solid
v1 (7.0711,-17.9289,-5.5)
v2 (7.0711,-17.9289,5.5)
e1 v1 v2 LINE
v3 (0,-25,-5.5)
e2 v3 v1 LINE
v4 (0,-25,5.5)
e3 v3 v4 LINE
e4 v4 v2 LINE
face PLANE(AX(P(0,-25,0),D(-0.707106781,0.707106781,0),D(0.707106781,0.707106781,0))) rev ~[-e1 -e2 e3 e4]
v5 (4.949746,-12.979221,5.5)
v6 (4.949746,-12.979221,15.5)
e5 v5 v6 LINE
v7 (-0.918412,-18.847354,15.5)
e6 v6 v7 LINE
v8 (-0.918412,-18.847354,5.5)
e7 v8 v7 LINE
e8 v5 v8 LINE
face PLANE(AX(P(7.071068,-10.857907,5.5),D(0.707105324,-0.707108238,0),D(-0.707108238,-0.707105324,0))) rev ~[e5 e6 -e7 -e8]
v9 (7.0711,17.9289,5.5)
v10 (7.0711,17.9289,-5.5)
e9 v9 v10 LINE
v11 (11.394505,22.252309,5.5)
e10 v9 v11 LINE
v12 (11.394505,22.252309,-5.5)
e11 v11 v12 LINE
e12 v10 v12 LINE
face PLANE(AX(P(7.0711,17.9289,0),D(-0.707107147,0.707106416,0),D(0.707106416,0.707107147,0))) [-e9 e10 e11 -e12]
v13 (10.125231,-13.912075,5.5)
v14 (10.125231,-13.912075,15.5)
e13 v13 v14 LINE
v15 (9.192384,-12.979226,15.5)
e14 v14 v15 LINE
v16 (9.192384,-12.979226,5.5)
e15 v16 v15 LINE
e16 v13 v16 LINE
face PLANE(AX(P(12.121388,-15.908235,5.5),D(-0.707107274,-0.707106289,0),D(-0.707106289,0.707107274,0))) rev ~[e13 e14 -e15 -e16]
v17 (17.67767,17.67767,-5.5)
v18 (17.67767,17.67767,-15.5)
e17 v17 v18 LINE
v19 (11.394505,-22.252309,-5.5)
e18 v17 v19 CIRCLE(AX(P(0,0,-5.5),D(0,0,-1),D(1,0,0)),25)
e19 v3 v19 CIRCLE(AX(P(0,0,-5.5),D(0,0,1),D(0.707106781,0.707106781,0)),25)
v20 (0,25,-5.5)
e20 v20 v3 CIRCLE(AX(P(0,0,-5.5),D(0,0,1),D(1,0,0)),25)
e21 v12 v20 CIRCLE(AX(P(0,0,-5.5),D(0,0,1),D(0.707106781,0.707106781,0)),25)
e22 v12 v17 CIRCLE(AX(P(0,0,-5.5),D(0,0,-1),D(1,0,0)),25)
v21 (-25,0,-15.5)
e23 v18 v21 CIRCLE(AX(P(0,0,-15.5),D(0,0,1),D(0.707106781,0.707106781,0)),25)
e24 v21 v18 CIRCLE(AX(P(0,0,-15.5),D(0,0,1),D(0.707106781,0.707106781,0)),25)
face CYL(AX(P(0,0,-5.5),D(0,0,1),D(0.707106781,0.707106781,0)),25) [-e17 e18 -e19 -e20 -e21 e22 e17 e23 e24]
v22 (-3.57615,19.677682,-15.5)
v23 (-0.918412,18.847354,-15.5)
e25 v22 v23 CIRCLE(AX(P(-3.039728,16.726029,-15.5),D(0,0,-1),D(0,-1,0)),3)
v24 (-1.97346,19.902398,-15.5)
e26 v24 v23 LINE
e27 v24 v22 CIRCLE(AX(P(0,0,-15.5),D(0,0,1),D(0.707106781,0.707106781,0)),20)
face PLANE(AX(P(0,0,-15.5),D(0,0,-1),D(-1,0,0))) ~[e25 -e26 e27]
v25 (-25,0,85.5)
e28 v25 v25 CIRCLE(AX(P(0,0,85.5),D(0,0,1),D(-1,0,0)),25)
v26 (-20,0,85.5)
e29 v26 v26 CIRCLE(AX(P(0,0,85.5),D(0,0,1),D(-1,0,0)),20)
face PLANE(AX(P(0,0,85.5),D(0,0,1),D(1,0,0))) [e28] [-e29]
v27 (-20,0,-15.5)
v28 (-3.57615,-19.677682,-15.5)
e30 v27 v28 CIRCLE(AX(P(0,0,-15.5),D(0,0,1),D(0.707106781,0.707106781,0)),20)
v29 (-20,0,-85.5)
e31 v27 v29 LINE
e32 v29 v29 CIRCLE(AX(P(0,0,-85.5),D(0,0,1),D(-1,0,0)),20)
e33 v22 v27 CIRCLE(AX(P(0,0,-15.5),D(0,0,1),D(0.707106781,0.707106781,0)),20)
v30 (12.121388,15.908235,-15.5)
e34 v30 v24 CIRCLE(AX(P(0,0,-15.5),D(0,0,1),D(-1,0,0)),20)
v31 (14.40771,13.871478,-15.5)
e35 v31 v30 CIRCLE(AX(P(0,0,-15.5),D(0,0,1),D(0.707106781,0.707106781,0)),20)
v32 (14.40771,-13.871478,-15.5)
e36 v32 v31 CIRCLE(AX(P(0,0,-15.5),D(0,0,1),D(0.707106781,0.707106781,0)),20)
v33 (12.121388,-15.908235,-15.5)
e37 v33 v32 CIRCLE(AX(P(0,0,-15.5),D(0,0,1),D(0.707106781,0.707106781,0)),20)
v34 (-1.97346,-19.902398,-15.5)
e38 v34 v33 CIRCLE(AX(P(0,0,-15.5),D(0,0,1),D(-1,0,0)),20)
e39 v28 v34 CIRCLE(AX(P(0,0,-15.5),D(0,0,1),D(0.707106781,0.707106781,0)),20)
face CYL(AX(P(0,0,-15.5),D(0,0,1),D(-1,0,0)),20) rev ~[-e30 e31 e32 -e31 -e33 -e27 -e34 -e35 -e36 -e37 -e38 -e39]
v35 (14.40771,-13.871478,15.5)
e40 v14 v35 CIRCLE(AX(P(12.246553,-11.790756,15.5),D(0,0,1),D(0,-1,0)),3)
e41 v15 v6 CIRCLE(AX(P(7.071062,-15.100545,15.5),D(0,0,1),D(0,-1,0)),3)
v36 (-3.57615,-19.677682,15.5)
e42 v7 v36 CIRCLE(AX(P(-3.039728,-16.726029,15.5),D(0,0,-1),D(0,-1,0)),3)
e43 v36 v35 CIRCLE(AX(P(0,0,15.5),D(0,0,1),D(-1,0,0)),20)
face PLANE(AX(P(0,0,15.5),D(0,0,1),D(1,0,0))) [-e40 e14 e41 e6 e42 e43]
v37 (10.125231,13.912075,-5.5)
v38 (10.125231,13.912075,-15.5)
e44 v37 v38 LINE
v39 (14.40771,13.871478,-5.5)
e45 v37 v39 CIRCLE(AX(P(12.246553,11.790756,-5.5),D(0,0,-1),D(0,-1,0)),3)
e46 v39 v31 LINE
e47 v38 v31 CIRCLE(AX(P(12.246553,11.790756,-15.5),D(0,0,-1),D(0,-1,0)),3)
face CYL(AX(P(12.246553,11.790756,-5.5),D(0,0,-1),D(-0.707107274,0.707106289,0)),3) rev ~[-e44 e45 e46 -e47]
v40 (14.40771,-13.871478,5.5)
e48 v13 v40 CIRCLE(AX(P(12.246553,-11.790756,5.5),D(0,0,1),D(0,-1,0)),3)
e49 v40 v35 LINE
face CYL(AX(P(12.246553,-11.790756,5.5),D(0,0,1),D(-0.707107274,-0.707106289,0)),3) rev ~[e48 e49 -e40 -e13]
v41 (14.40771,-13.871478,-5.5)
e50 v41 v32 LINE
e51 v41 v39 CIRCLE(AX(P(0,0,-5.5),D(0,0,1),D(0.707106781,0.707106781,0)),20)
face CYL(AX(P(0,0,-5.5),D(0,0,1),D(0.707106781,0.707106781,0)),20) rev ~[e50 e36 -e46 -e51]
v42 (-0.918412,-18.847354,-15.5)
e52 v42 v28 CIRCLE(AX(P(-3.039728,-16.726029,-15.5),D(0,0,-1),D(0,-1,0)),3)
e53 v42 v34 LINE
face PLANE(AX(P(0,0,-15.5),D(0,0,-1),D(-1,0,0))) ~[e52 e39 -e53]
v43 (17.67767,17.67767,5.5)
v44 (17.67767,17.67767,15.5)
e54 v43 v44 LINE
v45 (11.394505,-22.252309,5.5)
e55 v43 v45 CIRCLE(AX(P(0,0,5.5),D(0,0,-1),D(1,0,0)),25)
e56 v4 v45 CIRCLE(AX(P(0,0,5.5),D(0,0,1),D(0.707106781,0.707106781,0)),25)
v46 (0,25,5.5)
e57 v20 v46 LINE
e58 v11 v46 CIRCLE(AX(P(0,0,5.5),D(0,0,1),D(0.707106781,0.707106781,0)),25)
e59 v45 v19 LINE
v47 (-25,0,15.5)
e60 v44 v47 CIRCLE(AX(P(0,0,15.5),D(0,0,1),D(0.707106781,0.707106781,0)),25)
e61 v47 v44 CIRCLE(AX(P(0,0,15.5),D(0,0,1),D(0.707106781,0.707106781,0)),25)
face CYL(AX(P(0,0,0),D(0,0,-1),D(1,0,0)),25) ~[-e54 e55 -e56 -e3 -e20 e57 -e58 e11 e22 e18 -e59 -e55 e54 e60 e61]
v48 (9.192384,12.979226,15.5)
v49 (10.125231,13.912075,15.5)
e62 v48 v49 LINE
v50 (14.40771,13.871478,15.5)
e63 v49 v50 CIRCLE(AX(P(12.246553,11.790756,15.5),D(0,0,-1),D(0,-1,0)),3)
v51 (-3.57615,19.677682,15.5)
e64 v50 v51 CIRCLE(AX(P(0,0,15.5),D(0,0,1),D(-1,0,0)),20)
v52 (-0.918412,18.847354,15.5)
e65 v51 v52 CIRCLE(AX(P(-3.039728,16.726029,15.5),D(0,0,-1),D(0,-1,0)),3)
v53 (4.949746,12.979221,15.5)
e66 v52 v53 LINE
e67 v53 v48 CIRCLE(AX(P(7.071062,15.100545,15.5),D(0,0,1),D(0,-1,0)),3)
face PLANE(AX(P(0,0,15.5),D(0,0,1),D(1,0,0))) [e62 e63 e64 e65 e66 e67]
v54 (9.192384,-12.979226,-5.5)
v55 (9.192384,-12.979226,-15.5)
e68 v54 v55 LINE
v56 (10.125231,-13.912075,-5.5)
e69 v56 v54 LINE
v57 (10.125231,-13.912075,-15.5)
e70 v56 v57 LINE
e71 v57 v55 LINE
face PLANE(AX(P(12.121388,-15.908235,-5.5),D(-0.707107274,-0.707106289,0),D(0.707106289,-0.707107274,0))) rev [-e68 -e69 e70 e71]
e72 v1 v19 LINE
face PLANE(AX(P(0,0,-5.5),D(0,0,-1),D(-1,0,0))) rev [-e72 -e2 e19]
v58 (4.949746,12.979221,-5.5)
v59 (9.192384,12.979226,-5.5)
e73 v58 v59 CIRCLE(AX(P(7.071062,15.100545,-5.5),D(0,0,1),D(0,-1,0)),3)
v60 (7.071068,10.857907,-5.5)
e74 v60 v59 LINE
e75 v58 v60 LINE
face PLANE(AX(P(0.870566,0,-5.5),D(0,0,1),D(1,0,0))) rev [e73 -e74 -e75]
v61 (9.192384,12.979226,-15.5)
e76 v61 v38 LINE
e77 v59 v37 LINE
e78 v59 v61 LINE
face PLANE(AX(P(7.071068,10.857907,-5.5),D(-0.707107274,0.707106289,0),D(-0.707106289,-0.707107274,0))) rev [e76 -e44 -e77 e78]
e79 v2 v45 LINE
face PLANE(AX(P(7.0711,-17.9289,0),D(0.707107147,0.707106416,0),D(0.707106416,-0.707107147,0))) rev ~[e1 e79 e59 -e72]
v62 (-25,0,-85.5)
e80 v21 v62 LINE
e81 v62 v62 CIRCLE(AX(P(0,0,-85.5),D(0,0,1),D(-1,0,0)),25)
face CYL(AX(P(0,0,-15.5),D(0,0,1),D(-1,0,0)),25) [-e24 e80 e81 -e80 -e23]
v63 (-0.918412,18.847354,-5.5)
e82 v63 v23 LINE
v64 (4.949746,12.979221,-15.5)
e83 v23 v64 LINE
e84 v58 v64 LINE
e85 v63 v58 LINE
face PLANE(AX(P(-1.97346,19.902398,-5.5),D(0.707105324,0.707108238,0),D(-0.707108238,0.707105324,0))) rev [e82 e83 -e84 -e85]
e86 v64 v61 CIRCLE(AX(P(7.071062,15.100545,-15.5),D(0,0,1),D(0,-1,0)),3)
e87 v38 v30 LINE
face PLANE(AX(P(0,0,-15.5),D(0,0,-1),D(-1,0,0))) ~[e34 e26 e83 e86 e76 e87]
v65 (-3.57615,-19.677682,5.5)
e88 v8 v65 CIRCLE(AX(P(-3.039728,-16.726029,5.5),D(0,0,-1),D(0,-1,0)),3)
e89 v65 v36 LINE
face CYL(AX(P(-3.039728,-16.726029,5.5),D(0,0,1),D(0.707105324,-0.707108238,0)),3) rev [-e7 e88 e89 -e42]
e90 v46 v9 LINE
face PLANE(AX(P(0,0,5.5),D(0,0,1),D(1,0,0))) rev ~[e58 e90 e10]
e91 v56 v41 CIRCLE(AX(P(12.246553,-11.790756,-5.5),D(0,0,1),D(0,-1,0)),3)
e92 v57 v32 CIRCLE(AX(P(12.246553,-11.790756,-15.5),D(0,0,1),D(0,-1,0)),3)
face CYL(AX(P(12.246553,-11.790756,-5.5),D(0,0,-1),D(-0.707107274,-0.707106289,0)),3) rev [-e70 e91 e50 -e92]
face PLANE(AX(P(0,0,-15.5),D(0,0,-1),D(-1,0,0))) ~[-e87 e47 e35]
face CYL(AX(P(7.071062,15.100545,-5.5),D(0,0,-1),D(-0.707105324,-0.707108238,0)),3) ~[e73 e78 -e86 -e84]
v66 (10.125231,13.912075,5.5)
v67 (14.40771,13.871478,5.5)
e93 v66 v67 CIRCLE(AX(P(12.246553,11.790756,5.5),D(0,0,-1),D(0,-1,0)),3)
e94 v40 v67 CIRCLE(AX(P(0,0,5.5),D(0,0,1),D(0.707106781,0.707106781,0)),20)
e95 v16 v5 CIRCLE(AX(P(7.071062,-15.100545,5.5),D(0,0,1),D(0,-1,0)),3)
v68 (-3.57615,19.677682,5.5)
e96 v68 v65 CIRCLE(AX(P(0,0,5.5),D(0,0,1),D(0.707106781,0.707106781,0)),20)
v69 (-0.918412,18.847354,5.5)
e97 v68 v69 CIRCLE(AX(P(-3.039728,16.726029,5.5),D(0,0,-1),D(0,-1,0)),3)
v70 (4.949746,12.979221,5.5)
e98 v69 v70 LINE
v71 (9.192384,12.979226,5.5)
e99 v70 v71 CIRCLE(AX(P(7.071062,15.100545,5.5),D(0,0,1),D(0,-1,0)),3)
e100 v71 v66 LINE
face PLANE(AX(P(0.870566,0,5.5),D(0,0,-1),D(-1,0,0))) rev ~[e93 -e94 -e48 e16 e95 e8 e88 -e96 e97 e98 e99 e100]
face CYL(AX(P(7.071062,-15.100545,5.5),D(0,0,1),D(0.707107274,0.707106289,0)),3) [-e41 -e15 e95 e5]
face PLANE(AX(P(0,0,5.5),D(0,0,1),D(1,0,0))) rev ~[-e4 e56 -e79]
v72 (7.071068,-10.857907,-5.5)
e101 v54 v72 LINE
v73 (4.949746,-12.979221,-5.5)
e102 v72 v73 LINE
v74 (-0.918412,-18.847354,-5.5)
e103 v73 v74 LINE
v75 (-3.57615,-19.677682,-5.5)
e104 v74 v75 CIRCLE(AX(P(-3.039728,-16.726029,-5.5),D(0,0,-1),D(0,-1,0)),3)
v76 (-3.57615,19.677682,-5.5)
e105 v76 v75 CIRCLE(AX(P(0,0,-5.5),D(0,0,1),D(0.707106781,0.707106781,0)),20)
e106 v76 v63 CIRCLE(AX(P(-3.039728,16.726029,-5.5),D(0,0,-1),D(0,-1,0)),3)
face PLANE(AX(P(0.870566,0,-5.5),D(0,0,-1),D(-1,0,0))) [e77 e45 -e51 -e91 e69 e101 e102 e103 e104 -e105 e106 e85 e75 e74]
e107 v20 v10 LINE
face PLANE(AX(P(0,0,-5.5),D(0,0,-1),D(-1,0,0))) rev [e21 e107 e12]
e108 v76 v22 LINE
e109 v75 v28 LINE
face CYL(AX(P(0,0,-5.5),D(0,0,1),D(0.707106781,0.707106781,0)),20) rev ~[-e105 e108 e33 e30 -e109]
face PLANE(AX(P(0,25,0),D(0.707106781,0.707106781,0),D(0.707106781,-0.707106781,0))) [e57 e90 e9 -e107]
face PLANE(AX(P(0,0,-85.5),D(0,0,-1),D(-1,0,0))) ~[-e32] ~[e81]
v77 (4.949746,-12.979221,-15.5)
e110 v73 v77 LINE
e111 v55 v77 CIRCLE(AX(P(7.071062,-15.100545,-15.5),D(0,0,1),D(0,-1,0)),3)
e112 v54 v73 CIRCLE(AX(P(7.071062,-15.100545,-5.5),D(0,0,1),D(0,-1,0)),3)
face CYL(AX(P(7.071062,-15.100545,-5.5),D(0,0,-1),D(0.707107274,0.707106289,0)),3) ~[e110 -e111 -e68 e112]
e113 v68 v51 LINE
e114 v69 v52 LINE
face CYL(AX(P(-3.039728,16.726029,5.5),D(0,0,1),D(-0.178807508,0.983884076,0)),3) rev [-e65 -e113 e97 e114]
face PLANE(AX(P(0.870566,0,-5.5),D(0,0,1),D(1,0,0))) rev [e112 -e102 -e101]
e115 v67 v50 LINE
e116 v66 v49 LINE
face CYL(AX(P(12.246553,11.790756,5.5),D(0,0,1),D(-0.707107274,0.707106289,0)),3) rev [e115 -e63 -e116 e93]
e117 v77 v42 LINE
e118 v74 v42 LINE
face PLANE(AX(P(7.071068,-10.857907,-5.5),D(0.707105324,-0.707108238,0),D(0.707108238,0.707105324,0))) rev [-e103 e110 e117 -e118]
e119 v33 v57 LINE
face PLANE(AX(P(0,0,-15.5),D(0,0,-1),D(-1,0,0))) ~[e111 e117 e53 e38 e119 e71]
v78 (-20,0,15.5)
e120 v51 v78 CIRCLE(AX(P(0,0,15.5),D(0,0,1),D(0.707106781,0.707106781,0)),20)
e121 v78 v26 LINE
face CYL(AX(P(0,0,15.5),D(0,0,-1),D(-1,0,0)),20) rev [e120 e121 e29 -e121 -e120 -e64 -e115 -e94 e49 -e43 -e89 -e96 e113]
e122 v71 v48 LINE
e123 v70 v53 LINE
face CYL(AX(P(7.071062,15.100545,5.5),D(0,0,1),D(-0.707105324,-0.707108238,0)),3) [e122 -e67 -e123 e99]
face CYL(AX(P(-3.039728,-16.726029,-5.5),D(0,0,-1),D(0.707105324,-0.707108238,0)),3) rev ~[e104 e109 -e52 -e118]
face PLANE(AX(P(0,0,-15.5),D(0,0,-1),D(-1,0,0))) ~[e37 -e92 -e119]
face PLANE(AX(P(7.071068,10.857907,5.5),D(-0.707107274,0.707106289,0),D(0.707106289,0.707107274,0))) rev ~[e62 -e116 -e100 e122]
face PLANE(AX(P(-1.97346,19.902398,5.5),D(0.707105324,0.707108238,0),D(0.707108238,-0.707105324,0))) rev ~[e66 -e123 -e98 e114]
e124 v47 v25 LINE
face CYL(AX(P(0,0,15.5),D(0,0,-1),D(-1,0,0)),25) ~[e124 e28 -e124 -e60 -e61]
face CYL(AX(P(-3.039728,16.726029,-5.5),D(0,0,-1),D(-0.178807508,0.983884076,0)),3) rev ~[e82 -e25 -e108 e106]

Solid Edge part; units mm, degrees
sketch "Sketch1" plane through (0, 0, 0) normal (0, 0, 1) x (1, 0, 0)
  line L0 (0, 25) -> (7.0711, 17.9289)
  line L1 (7.0711, 17.9289) -> (11.3945, 22.2523)
  arc A0 (11.3945, 22.2523) -> (11.3945, -22.2523) centre (0, 0) cw
  line L2 (7.0711, -17.9289) -> (11.3945, -22.2523)
  line L3 (0, -25) -> (7.0711, -17.9289)
  arc A1 (0, 25) -> (0, -25) centre (0, 0) ccw
extrude "Protrusion1" add sketch "Sketch1" along normal mid plane 11
sketch "Sketch2" plane through (0, 0, 5.5) normal (0, 0, 1) x (0.7071, 0.7071, 0)
  circle A0 centre (0, 0) radius 25
  line L0 (-2.6777, -19.8199) -> (-2.6777, -12.6777)
  line L1 (-2.6777, -12.6777) -> (-15.4686, -12.6777)
  arc A1 (12.6777, 15.4686) -> (-15.4686, -12.6777) centre (0, 0) ccw
  line L2 (12.6777, 15.4686) -> (12.6777, 2.6777)
  line L3 (12.6777, 2.6777) -> (19.8199, 2.6777)
  arc A2 (-2.6777, -19.8199) -> (19.8199, 2.6777) centre (0, 0) ccw
extrude "ExtrudedProtrusion_2" add sketch "Sketch2" along normal blind 10
fillet "Round_1" radius 3 6 edges at (7.0711, -10.8579, 10.5) (12.1214, -15.9082, 10.5) (-1.9735, -19.9024, 10.5) (7.0711, 10.8579, 10.5) (12.1214, 15.9082, 10.5) (-1.9735, 19.9024, 10.5)
sketch "Sketch3" plane through (0, 0, 15.5) normal (0, 0, 1) x (-1, 0, 0)
  circle A0 centre (0, 0) radius 25
  circle A1 centre (0, 0) radius 20
extrude "ExtrudedProtrusion_3" add sketch "Sketch3" along normal blind 70
mirror "Mirror1" about plane through (0, 0, 0) normal (0, 0, 1) of "ExtrudedProtrusion_2", "Round_1", "ExtrudedProtrusion_3"
properties material "PVC"
